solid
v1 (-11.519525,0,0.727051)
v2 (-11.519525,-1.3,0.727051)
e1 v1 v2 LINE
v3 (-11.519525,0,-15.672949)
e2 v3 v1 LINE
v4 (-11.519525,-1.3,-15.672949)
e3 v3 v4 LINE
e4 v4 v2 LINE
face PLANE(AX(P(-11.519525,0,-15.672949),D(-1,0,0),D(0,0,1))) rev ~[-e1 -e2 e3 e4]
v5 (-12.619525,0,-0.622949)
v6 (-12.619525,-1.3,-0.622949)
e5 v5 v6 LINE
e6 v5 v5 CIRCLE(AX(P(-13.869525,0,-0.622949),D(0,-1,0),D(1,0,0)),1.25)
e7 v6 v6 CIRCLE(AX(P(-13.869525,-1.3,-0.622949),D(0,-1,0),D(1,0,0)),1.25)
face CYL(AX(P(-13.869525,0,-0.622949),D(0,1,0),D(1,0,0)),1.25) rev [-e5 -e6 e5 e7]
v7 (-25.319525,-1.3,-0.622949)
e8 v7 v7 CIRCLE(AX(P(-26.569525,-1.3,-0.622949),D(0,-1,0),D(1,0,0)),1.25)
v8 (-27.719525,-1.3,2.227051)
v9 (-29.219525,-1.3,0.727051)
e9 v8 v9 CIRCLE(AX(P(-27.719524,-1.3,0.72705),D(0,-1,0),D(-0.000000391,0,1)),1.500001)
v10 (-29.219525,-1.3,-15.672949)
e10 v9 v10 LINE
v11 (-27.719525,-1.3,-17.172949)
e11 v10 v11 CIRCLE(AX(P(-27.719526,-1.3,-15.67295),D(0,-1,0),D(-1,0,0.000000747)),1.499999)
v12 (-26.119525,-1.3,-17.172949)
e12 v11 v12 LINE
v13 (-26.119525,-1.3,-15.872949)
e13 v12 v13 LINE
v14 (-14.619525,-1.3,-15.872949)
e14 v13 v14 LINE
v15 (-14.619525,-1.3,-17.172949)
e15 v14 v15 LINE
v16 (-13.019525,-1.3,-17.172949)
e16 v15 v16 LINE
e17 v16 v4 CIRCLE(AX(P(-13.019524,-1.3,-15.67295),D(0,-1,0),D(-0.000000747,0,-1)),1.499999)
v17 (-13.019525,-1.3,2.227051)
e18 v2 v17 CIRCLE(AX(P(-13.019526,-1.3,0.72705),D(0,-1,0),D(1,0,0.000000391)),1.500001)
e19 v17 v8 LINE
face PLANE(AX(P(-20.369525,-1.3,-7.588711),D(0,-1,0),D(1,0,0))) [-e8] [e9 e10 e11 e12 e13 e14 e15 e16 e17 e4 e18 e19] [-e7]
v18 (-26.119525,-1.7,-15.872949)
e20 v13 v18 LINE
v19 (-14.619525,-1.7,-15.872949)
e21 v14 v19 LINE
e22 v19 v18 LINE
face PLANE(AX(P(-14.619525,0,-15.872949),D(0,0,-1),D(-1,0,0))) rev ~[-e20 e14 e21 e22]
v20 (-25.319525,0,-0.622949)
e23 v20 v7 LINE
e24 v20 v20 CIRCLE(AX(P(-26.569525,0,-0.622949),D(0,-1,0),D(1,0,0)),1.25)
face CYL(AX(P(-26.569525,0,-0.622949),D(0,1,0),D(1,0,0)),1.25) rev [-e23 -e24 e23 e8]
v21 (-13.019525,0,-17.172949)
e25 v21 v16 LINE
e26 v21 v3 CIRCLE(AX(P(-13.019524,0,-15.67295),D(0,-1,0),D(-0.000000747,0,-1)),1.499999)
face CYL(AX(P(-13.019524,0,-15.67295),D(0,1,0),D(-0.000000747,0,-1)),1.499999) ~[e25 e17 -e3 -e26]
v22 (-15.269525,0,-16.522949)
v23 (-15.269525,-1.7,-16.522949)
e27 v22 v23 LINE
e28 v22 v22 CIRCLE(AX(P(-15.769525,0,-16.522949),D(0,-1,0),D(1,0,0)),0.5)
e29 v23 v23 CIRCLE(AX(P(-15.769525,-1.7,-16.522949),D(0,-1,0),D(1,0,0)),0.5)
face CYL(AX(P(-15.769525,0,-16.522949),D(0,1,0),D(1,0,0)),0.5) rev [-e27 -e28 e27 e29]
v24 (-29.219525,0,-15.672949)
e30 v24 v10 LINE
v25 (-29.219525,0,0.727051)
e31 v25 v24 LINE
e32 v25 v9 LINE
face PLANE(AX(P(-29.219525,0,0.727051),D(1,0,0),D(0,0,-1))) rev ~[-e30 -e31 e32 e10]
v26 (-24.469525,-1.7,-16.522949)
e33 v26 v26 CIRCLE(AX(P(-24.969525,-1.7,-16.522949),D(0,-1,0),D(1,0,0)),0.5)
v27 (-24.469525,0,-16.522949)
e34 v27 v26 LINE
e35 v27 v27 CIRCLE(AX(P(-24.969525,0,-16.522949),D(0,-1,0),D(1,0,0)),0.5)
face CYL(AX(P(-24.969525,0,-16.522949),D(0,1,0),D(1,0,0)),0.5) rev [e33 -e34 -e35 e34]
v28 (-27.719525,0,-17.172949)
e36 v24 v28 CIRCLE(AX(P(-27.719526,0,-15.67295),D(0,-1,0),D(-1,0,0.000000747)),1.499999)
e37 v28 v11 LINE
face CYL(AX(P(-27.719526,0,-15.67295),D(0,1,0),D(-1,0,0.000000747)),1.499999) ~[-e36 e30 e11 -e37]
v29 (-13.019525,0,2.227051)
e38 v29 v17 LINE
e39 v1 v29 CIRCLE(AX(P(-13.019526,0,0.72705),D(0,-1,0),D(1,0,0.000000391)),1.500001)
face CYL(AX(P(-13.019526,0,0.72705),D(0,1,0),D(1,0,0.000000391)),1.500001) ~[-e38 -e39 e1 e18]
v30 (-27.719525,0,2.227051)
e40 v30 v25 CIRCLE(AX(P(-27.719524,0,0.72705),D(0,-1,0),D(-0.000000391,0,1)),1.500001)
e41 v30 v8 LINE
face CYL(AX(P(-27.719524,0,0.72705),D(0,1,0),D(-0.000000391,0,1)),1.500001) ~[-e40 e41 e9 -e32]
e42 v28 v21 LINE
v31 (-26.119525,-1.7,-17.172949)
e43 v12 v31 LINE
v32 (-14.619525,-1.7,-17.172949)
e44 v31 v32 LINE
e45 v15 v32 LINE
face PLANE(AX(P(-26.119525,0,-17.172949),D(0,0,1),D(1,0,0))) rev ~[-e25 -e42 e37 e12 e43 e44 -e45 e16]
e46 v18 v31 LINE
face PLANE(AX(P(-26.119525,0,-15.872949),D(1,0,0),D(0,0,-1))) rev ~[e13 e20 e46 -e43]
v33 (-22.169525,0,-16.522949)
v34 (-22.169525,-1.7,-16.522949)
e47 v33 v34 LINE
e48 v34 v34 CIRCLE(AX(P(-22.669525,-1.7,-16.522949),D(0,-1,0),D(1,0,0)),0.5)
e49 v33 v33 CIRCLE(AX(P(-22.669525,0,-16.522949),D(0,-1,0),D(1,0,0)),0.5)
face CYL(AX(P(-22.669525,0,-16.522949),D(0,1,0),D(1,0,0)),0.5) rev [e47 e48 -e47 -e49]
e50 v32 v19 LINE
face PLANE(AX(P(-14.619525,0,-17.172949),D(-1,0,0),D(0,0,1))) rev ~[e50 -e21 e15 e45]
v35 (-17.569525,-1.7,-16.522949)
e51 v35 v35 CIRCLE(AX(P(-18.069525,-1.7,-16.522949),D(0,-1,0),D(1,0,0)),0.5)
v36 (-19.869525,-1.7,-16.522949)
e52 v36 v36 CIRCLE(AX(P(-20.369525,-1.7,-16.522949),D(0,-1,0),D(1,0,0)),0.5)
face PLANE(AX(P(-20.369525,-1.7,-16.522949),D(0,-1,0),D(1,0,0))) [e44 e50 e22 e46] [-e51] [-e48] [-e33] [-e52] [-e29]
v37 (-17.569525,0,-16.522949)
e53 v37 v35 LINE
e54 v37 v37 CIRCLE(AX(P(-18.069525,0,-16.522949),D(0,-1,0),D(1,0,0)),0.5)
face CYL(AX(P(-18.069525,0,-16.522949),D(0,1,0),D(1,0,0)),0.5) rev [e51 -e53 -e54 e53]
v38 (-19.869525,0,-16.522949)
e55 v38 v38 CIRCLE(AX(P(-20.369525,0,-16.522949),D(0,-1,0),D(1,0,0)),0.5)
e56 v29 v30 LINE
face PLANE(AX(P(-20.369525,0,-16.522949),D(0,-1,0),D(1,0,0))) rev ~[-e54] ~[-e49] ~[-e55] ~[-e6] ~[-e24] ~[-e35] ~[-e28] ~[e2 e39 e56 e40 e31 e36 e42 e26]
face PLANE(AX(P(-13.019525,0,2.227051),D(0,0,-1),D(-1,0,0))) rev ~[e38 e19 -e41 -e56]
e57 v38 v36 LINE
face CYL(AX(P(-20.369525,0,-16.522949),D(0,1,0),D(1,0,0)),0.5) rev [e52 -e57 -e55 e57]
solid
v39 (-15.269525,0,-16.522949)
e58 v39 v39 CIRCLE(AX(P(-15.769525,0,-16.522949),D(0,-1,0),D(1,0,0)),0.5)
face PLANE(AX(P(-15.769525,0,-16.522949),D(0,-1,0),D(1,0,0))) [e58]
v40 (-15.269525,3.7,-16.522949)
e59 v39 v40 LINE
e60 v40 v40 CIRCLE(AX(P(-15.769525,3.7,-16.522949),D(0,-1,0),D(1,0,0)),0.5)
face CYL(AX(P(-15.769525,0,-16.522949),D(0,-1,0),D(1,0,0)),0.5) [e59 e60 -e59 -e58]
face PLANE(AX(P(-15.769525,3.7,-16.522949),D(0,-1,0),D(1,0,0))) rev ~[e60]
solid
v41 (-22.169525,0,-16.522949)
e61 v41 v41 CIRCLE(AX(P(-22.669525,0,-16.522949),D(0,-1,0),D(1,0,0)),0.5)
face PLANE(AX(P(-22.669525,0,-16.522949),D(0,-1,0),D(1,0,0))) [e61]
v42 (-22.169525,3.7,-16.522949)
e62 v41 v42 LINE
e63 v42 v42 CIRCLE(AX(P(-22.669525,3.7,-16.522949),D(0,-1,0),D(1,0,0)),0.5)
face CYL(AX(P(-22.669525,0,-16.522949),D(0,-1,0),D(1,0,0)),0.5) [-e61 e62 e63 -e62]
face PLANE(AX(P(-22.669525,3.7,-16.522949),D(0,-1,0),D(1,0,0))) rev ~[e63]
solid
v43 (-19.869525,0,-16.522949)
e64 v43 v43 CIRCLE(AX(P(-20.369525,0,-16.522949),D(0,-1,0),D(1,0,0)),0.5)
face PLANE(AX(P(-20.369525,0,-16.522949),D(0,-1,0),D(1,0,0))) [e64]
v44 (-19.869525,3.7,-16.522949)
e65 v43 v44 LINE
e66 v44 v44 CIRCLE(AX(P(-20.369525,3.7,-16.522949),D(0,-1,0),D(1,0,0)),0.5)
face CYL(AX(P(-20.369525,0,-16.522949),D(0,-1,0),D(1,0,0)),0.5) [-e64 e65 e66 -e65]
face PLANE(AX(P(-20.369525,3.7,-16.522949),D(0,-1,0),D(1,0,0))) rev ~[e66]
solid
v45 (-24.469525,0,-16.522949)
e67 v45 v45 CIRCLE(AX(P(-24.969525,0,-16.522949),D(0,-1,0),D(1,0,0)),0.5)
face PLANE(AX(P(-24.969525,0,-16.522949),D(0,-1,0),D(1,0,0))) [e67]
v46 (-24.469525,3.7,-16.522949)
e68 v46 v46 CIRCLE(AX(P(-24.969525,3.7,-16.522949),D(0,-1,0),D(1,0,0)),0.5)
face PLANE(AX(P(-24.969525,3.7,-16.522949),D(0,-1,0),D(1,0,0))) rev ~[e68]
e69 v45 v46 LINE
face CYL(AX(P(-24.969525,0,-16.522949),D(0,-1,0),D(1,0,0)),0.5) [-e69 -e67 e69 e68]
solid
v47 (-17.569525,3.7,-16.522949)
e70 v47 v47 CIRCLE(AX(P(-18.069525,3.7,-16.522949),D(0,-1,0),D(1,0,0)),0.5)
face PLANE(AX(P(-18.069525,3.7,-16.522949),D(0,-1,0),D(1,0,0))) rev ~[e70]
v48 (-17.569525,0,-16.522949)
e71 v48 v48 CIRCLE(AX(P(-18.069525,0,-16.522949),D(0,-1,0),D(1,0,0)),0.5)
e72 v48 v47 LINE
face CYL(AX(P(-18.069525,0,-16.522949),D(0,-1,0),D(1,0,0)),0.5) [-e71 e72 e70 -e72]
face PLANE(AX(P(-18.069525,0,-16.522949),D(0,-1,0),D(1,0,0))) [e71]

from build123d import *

# Parameters (mm, degrees)
F0_R     = 1.25
F1_DEPTH = 1.3
F0_R_2   = 0.5
F2_DEPTH = 1.7
F3_DEPTH = 3.7


with BuildPart() as f1:
    # F0 (on Front) → F1 (new body)
    with BuildSketch(Plane.XZ):
        with BuildLine():
            ThreePointArc((-29.219525, -15.672949), (-28.780185, -16.73361), (-27.719525, -17.172949))
            Line((-27.719525, -17.172949), (-26.119525, -17.172949))
            Line((-26.119525, -17.172949), (-26.119525, -15.872949))
            Line((-26.119525, -15.872949), (-23.819525, -15.872949))
            Line((-23.819525, -15.872949), (-14.619525, -15.872949))
            Line((-14.619525, -15.872949), (-14.619525, -17.172949))
            Line((-14.619525, -17.172949), (-13.019525, -17.172949))
            ThreePointArc((-13.019525, -17.172949), (-11.958865, -16.73361), (-11.519525, -15.672949))
            Line((-11.519525, -15.672949), (-11.519525, 0.727051))
            ThreePointArc((-11.519525, 0.727051), (-11.958865, 1.787711), (-13.019525, 2.227051))
            Line((-13.019525, 2.227051), (-27.719525, 2.227051))
            ThreePointArc((-27.719525, 2.227051), (-28.780185, 1.787711), (-29.219525, 0.727051))
            Line((-29.219525, 0.727051), (-29.219525, -15.672949))
        make_face()
        with Locations((-26.569525, -0.622949)):
            Circle(F0_R, mode=Mode.SUBTRACT)
        with Locations((-13.869525, -0.622949)):
            Circle(F0_R, mode=Mode.SUBTRACT)
    extrude(amount=F1_DEPTH)

    # F0 (on Front) → F2 (join)
    with BuildSketch(Plane.XZ):
        Polygon((-26.119525, -15.872949), (-26.119525, -17.172949), (-14.619525, -17.172949), (-14.619525, -15.872949), (-23.819525, -15.872949), align=None)
        with Locations((-24.969525, -16.522949)):
            Circle(F0_R_2, mode=Mode.SUBTRACT)
        with Locations((-22.669525, -16.522949)):
            Circle(F0_R_2, mode=Mode.SUBTRACT)
        with Locations((-20.369525, -16.522949)):
            Circle(F0_R_2, mode=Mode.SUBTRACT)
        with Locations((-18.069525, -16.522949)):
            Circle(F0_R_2, mode=Mode.SUBTRACT)
        with Locations((-15.769525, -16.522949)):
            Circle(F0_R_2, mode=Mode.SUBTRACT)
    extrude(amount=F2_DEPTH)


with BuildPart() as f3:
    # F0 (on Front) → F3 (new body)
    with BuildSketch(Plane.XZ):
        with Locations((-24.969525, -16.522949)):
            Circle(F0_R_2)
        with Locations((-22.669525, -16.522949)):
            Circle(F0_R_2)
        with Locations((-20.369525, -16.522949)):
            Circle(F0_R_2)
        with Locations((-18.069525, -16.522949)):
            Circle(F0_R_2)
        with Locations((-15.769525, -16.522949)):
            Circle(F0_R_2)
    extrude(amount=-F3_DEPTH)


solid = Compound([f1.part, f3.part])
